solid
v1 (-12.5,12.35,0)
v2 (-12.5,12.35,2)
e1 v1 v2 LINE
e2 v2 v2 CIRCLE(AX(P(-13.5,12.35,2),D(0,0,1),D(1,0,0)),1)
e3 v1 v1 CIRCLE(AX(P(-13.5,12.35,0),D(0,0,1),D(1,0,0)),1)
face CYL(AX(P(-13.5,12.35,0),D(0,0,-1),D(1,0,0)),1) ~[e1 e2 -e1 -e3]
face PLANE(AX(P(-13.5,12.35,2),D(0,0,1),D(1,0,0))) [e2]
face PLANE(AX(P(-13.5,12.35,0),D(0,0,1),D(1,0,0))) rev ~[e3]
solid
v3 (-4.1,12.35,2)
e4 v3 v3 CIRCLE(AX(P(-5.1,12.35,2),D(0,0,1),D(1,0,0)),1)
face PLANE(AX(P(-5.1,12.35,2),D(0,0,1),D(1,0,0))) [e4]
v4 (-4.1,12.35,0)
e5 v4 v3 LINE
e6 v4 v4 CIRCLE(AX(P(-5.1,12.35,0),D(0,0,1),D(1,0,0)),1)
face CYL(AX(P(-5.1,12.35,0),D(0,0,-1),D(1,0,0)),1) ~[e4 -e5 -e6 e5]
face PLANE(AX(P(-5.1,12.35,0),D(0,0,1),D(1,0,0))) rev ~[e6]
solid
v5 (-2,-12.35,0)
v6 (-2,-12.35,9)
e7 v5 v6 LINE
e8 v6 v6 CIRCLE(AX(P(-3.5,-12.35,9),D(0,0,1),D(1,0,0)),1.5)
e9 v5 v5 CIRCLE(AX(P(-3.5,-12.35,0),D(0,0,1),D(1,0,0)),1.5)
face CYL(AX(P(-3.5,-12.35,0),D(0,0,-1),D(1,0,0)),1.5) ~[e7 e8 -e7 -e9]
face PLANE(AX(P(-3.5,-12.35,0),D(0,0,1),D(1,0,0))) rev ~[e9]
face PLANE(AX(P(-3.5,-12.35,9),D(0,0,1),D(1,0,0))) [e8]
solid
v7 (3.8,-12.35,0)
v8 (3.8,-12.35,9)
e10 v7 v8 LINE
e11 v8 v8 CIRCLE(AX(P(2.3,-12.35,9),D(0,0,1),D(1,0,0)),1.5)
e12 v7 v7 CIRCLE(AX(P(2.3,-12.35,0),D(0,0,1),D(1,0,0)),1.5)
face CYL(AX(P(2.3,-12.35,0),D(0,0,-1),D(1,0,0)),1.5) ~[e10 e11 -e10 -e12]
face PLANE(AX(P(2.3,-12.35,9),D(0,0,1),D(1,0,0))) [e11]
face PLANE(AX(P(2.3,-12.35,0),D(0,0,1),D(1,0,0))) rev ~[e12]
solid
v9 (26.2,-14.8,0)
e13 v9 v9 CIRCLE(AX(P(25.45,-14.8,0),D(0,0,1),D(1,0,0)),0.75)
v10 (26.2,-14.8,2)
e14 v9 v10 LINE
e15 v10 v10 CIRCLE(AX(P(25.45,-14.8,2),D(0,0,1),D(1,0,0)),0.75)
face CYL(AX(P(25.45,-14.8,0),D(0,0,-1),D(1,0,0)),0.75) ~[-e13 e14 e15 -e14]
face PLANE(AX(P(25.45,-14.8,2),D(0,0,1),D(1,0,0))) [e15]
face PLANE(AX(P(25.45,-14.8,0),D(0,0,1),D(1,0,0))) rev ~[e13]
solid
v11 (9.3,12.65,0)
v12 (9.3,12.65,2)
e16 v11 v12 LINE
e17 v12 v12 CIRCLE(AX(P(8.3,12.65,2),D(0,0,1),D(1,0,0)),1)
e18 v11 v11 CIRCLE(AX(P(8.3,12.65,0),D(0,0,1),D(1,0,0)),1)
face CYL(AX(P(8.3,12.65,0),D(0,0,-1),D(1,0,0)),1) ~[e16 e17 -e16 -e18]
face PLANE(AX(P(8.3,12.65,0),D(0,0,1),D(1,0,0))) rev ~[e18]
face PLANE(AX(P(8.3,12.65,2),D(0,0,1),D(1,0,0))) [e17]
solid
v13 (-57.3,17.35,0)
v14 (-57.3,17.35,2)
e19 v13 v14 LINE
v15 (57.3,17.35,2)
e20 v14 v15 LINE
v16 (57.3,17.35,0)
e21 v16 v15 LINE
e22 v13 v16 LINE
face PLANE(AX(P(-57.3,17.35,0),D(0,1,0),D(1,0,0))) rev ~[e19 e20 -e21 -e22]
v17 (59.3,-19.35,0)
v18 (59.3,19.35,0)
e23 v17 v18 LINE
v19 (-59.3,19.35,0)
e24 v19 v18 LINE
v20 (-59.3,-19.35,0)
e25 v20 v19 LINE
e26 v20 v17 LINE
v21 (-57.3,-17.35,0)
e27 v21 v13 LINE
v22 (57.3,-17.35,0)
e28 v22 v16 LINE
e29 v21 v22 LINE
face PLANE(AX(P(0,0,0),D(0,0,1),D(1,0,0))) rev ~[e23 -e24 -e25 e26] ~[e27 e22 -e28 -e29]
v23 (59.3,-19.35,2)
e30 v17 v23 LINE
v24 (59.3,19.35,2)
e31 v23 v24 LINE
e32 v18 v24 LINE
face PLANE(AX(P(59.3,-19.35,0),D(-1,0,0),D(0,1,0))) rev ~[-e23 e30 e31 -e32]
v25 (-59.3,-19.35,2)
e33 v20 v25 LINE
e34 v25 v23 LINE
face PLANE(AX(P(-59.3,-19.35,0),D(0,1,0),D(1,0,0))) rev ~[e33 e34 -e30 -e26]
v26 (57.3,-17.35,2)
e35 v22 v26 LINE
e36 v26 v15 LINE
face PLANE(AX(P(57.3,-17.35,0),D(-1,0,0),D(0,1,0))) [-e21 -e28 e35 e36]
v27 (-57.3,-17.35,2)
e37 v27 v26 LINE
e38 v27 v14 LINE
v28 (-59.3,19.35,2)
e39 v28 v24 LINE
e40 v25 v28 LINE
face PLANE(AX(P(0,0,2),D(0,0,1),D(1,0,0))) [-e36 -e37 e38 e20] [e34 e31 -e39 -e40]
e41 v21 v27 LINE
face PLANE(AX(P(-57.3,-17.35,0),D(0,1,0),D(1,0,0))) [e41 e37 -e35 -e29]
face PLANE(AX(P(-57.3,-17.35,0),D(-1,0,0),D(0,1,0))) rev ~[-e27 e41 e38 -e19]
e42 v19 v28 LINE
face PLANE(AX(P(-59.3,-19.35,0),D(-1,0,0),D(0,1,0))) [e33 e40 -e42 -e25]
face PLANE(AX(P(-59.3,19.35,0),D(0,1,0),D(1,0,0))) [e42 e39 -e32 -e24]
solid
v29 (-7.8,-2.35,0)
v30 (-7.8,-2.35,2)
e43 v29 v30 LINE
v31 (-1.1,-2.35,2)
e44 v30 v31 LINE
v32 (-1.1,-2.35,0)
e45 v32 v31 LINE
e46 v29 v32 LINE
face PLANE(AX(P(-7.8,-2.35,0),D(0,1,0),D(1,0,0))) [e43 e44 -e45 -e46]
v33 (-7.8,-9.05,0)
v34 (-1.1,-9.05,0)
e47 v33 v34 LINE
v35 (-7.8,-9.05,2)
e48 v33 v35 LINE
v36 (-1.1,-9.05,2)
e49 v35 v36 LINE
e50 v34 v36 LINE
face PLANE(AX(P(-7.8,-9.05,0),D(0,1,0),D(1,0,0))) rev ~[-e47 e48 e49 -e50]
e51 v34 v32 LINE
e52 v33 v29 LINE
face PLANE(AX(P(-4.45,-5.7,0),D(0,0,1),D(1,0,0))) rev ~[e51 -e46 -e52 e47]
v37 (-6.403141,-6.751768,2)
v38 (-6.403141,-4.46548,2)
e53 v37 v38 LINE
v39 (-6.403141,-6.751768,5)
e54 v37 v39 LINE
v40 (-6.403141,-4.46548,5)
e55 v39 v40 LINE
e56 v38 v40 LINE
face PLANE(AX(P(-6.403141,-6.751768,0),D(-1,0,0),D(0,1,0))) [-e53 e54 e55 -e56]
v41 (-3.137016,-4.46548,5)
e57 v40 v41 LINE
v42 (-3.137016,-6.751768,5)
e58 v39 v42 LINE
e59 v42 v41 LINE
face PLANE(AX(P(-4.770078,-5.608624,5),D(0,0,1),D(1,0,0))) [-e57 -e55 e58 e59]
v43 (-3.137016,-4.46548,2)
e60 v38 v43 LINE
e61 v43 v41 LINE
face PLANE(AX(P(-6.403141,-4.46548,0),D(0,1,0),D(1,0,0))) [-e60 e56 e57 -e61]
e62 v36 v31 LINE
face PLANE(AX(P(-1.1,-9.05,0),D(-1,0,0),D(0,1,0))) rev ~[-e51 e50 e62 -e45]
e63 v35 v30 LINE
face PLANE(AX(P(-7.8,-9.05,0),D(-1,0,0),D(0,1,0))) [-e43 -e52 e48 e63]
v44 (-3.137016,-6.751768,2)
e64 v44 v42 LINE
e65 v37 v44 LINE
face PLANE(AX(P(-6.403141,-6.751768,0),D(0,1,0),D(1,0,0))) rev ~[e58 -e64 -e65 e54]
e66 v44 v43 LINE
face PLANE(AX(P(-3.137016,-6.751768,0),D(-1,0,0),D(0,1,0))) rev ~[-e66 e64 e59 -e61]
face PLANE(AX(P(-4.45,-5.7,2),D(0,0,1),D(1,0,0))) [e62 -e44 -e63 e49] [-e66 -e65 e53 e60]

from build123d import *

# Parameters (mm, degrees)
F0_W     = 118.6
F0_H     = 38.7
F0_W_2   = 114.6
F0_H_2   = 34.7
F1_DEPTH = 2
F0_W_3   = 6.7
F0_H_3   = 6.7
F0_W_4   = 3.2661254518
F0_H_4   = 2.2862879559
F0_R     = 1
F0_R_2   = 0.75
F0_R_3   = 1.5
F2_DEPTH = 9
F3_DEPTH = 5


with BuildPart() as f1:
    # F0 (on Top) → F1 (new body)
    with BuildSketch(Plane.XY):
        Rectangle(F0_W, F0_H)
        Rectangle(F0_W_2, F0_H_2, mode=Mode.SUBTRACT)
    extrude(amount=F1_DEPTH)


with BuildPart() as f1b:
    # F0 (on Top) → F1, piece 2 (new body)
    with BuildSketch(Plane.XY):
        with Locations((-4.45, -5.7)):
            Rectangle(F0_W_3, F0_H_3)
        with Locations((-4.7700782306, -5.6086238474)):
            Rectangle(F0_W_4, F0_H_4, mode=Mode.SUBTRACT)
    extrude(amount=F1_DEPTH)

    # F0 (on Top) → F3 (join)
    with BuildSketch(Plane.XY):
        with Locations((-4.7700782306, -5.6086238474)):
            Rectangle(F0_W_4, F0_H_4)
    extrude(amount=F3_DEPTH)


with BuildPart() as f1c:
    # F0 (on Top) → F1, piece 3 (new body)
    with BuildSketch(Plane.XY):
        with Locations((-13.5, 12.35)):
            Circle(F0_R)
    extrude(amount=F1_DEPTH)


with BuildPart() as f1d:
    # F0 (on Top) → F1, piece 4 (new body)
    with BuildSketch(Plane.XY):
        with Locations((-5.1, 12.35)):
            Circle(F0_R)
    extrude(amount=F1_DEPTH)


with BuildPart() as f1e:
    # F0 (on Top) → F1, piece 5 (new body)
    with BuildSketch(Plane.XY):
        with Locations((8.3, 12.65)):
            Circle(F0_R)
    extrude(amount=F1_DEPTH)


with BuildPart() as f1f:
    # F0 (on Top) → F1, piece 6 (new body)
    with BuildSketch(Plane.XY):
        with Locations((25.45, -14.8)):
            Circle(F0_R_2)
    extrude(amount=F1_DEPTH)


with BuildPart() as f2:
    # F0 (on Top) → F2 (new body)
    with BuildSketch(Plane.XY):
        with Locations((-3.5, -12.35)):
            Circle(F0_R_3)
    extrude(amount=F2_DEPTH)


with BuildPart() as f2b:
    # F0 (on Top) → F2, piece 2 (new body)
    with BuildSketch(Plane.XY):
        with Locations((2.3, -12.35)):
            Circle(F0_R_3)
    extrude(amount=F2_DEPTH)


solid = Compound([f1.part, f1b.part, f1c.part, f1d.part, f1e.part, f1f.part, f2.part, f2b.part])
